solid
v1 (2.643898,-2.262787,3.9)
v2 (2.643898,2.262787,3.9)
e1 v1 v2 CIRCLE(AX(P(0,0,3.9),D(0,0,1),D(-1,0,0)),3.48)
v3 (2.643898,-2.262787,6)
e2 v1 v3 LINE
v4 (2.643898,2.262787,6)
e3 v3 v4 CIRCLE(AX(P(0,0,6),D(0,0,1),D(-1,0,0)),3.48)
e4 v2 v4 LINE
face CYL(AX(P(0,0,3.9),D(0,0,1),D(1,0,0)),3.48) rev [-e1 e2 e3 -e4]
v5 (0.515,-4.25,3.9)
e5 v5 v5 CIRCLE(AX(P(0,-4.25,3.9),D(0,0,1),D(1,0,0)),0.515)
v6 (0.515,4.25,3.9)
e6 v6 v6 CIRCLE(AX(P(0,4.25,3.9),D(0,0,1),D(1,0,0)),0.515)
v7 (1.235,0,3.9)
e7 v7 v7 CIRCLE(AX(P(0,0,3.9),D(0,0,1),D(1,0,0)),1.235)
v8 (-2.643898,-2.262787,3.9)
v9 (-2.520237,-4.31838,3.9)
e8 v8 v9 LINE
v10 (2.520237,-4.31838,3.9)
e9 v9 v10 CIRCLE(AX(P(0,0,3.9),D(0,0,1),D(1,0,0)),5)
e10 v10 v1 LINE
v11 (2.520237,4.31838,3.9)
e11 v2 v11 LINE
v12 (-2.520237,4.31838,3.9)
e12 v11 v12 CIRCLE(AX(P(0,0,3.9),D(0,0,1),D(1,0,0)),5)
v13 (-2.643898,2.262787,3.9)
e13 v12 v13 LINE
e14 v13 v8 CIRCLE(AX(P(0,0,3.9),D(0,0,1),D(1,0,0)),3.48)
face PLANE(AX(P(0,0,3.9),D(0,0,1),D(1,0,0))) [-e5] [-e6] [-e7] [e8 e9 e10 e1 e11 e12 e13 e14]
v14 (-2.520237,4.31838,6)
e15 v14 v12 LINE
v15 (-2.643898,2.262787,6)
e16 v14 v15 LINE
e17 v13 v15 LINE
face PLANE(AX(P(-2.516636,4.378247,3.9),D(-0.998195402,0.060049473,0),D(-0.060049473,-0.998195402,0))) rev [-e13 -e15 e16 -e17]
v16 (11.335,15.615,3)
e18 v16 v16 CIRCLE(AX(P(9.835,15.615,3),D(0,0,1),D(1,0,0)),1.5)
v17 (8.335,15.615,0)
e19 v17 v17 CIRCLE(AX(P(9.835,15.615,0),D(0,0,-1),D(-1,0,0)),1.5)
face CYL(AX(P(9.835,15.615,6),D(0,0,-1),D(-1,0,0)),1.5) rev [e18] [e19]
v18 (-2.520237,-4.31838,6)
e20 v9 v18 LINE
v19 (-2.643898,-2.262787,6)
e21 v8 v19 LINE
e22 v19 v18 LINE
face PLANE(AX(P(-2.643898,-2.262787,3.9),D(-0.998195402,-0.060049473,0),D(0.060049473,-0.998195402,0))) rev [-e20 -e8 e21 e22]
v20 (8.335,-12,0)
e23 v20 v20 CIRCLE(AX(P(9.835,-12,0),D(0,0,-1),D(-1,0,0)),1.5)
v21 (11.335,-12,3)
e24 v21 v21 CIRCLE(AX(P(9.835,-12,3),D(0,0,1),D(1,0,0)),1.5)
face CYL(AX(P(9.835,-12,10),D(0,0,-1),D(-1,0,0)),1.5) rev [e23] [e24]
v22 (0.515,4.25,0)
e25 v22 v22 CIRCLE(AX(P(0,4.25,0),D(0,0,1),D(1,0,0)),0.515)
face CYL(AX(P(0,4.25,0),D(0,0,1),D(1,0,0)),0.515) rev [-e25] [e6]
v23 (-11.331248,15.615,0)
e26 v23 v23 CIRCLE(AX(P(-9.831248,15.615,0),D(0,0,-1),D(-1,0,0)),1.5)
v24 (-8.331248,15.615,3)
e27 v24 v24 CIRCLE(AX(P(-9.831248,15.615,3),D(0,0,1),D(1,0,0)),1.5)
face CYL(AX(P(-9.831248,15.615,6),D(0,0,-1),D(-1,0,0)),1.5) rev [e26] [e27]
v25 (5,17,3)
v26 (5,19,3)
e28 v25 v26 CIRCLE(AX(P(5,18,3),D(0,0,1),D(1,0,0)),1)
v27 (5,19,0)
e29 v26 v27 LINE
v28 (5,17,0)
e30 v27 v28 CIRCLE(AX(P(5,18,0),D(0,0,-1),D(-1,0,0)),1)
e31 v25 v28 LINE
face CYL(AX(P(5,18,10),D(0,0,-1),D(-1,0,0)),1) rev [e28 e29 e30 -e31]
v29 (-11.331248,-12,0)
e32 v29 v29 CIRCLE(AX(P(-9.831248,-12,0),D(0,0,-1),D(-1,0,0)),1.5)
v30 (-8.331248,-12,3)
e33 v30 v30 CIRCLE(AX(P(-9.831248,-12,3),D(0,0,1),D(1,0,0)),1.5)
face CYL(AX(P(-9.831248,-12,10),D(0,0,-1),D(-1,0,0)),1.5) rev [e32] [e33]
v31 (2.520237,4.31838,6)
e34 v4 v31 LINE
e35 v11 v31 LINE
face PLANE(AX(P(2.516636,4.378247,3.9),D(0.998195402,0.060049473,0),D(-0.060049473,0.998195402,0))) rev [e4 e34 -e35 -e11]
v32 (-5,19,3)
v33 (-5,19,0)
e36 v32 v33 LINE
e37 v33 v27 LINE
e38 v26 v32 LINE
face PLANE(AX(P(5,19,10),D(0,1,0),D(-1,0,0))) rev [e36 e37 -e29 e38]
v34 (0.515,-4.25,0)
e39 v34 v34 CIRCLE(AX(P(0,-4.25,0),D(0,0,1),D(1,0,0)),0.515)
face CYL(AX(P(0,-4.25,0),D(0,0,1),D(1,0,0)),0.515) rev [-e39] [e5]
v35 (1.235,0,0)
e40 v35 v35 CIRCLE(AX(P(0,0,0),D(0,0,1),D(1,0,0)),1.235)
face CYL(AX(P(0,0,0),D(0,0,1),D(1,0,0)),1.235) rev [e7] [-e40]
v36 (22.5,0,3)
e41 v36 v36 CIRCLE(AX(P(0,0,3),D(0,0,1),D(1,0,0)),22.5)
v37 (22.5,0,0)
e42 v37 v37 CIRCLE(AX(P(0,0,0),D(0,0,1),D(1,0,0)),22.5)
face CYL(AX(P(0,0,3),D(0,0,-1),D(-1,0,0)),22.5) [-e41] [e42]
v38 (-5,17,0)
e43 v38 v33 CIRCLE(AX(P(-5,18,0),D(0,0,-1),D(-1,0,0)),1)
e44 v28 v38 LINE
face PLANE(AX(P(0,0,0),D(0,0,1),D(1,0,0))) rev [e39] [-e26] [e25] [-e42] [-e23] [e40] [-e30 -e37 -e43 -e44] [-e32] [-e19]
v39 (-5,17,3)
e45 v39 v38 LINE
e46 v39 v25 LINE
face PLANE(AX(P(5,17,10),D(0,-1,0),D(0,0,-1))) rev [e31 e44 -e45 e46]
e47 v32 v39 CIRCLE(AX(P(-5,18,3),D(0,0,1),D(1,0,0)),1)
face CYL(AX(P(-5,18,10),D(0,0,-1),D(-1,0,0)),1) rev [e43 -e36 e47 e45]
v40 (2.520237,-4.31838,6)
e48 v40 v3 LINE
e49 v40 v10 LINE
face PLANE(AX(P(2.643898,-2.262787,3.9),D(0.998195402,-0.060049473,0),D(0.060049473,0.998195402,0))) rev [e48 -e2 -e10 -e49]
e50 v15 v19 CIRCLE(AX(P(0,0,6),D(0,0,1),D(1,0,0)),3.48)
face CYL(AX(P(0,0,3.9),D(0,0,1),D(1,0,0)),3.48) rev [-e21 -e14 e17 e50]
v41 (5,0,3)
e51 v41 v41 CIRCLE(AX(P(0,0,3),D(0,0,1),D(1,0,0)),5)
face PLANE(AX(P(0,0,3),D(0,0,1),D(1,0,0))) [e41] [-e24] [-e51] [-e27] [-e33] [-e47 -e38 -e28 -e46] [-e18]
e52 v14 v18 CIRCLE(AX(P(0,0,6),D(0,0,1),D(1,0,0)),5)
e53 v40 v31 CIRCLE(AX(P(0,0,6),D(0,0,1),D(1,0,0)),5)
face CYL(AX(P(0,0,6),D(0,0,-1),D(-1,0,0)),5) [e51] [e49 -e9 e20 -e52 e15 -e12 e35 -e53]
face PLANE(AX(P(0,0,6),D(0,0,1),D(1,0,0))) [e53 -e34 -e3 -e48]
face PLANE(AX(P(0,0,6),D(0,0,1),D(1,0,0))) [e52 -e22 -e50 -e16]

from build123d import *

# Parameters (mm, degrees)
ESQUISSE1_R             = 22.5
BOSS_EXTRU_1_DEPTH      = 3
ESQUISSE2_R             = 5
BOSS_EXTRU_2_DEPTH      = 3
ENL_V_MAT_EXTRU_3_DEPTH = 10
ESQUISSE10_R            = 1.5
ENL_V_MAT_EXTRU_4_DEPTH = 10
ENL_V_MAT_EXTRU_5_DEPTH = 2.1
ESQUISSE12_R            = 0.515
ESQUISSE12_R_2          = 1.235
ENL_V_MAT_EXTRU_6_DEPTH = 33.057916339
ESQUISSE13_R            = 1.5
ENL_V_MAT_EXTRU_7_DEPTH = 33.380549717


with BuildPart() as part:
    # Esquisse1 → Boss.-Extru.1 (new body)
    with BuildSketch(Plane.XY):
        Circle(ESQUISSE1_R)
    extrude(amount=BOSS_EXTRU_1_DEPTH)

    # Esquisse2 → Boss.-Extru.2 (add)
    with BuildSketch(Plane.XY.offset(3)):
        Circle(ESQUISSE2_R)
    extrude(amount=BOSS_EXTRU_2_DEPTH)

    # Esquisse6 → Enlèv. mat.-Extru.3 (cut)
    with BuildSketch(Plane(origin=(0, 0, 0), x_dir=(-1, 0, 0), z_dir=(0, 0, -1))):
        with BuildLine():
            Line((-5, 19), (5, 19))
            ThreePointArc((5, 19), (6, 18), (5, 17))
            Line((5, 17), (-5, 17))
            ThreePointArc((-5, 17), (-6, 18), (-5, 19))
        make_face()
    extrude(amount=-ENL_V_MAT_EXTRU_3_DEPTH, mode=Mode.SUBTRACT)

    # Esquisse10 → Enlèv. mat.-Extru.4 (cut)
    with BuildSketch(Plane(origin=(0, 0, 0), x_dir=(-1, 0, 0), z_dir=(0, 0, -1))):
        with Locations((-9.835, -12)):
            Circle(ESQUISSE10_R)
        with Locations((9.831247904, -12)):
            Circle(ESQUISSE10_R)
    extrude(amount=-ENL_V_MAT_EXTRU_4_DEPTH, mode=Mode.SUBTRACT)

    # Esquisse11 → Enlèv. mat.-Extru.5 (cut)
    with BuildSketch(Plane.XY.offset(6)):
        with BuildLine():
            Line((2.516635816, 4.378246701), (2.643897714, 2.262786971))
            ThreePointArc((2.643897714, 2.262786971), (3.48, 0), (2.643897714, -2.262786971))
            Line((2.643897714, -2.262786971), (2.516635816, -4.378246701))
            ThreePointArc((2.516635816, -4.378246701), (0, -5.05), (-2.516635816, -4.378246701))
            Line((-2.516635816, -4.378246701), (-2.643897714, -2.262786971))
            ThreePointArc((-2.643897714, -2.262786971), (-3.48, 0), (-2.643897714, 2.262786971))
            Line((-2.643897714, 2.262786971), (-2.516635816, 4.378246701))
            ThreePointArc((-2.516635816, 4.378246701), (0, 5.05), (2.516635816, 4.378246701))
        make_face()
    extrude(amount=-ENL_V_MAT_EXTRU_5_DEPTH, mode=Mode.SUBTRACT)

    # Esquisse12 → Enlèv. mat.-Extru.6 (cut, through all)
    with BuildSketch(Plane.XY.offset(3.9)):
        with Locations((0, 4.25)):
            Circle(ESQUISSE12_R)
        Circle(ESQUISSE12_R_2)
        with Locations((0, -4.25)):
            Circle(ESQUISSE12_R)
    extrude(amount=-ENL_V_MAT_EXTRU_6_DEPTH, mode=Mode.SUBTRACT)

    # Esquisse13 → Enlèv. mat.-Extru.7 (cut, through all)
    with BuildSketch(Plane(origin=(0, 0, 0), x_dir=(-1, 0, 0), z_dir=(0, 0, -1))):
        with Locations((-9.835, 15.615)):
            Circle(ESQUISSE13_R)
        with Locations((9.831247904, 15.615)):
            Circle(ESQUISSE13_R)
    extrude(amount=-ENL_V_MAT_EXTRU_7_DEPTH, mode=Mode.SUBTRACT)


solid = part.part
